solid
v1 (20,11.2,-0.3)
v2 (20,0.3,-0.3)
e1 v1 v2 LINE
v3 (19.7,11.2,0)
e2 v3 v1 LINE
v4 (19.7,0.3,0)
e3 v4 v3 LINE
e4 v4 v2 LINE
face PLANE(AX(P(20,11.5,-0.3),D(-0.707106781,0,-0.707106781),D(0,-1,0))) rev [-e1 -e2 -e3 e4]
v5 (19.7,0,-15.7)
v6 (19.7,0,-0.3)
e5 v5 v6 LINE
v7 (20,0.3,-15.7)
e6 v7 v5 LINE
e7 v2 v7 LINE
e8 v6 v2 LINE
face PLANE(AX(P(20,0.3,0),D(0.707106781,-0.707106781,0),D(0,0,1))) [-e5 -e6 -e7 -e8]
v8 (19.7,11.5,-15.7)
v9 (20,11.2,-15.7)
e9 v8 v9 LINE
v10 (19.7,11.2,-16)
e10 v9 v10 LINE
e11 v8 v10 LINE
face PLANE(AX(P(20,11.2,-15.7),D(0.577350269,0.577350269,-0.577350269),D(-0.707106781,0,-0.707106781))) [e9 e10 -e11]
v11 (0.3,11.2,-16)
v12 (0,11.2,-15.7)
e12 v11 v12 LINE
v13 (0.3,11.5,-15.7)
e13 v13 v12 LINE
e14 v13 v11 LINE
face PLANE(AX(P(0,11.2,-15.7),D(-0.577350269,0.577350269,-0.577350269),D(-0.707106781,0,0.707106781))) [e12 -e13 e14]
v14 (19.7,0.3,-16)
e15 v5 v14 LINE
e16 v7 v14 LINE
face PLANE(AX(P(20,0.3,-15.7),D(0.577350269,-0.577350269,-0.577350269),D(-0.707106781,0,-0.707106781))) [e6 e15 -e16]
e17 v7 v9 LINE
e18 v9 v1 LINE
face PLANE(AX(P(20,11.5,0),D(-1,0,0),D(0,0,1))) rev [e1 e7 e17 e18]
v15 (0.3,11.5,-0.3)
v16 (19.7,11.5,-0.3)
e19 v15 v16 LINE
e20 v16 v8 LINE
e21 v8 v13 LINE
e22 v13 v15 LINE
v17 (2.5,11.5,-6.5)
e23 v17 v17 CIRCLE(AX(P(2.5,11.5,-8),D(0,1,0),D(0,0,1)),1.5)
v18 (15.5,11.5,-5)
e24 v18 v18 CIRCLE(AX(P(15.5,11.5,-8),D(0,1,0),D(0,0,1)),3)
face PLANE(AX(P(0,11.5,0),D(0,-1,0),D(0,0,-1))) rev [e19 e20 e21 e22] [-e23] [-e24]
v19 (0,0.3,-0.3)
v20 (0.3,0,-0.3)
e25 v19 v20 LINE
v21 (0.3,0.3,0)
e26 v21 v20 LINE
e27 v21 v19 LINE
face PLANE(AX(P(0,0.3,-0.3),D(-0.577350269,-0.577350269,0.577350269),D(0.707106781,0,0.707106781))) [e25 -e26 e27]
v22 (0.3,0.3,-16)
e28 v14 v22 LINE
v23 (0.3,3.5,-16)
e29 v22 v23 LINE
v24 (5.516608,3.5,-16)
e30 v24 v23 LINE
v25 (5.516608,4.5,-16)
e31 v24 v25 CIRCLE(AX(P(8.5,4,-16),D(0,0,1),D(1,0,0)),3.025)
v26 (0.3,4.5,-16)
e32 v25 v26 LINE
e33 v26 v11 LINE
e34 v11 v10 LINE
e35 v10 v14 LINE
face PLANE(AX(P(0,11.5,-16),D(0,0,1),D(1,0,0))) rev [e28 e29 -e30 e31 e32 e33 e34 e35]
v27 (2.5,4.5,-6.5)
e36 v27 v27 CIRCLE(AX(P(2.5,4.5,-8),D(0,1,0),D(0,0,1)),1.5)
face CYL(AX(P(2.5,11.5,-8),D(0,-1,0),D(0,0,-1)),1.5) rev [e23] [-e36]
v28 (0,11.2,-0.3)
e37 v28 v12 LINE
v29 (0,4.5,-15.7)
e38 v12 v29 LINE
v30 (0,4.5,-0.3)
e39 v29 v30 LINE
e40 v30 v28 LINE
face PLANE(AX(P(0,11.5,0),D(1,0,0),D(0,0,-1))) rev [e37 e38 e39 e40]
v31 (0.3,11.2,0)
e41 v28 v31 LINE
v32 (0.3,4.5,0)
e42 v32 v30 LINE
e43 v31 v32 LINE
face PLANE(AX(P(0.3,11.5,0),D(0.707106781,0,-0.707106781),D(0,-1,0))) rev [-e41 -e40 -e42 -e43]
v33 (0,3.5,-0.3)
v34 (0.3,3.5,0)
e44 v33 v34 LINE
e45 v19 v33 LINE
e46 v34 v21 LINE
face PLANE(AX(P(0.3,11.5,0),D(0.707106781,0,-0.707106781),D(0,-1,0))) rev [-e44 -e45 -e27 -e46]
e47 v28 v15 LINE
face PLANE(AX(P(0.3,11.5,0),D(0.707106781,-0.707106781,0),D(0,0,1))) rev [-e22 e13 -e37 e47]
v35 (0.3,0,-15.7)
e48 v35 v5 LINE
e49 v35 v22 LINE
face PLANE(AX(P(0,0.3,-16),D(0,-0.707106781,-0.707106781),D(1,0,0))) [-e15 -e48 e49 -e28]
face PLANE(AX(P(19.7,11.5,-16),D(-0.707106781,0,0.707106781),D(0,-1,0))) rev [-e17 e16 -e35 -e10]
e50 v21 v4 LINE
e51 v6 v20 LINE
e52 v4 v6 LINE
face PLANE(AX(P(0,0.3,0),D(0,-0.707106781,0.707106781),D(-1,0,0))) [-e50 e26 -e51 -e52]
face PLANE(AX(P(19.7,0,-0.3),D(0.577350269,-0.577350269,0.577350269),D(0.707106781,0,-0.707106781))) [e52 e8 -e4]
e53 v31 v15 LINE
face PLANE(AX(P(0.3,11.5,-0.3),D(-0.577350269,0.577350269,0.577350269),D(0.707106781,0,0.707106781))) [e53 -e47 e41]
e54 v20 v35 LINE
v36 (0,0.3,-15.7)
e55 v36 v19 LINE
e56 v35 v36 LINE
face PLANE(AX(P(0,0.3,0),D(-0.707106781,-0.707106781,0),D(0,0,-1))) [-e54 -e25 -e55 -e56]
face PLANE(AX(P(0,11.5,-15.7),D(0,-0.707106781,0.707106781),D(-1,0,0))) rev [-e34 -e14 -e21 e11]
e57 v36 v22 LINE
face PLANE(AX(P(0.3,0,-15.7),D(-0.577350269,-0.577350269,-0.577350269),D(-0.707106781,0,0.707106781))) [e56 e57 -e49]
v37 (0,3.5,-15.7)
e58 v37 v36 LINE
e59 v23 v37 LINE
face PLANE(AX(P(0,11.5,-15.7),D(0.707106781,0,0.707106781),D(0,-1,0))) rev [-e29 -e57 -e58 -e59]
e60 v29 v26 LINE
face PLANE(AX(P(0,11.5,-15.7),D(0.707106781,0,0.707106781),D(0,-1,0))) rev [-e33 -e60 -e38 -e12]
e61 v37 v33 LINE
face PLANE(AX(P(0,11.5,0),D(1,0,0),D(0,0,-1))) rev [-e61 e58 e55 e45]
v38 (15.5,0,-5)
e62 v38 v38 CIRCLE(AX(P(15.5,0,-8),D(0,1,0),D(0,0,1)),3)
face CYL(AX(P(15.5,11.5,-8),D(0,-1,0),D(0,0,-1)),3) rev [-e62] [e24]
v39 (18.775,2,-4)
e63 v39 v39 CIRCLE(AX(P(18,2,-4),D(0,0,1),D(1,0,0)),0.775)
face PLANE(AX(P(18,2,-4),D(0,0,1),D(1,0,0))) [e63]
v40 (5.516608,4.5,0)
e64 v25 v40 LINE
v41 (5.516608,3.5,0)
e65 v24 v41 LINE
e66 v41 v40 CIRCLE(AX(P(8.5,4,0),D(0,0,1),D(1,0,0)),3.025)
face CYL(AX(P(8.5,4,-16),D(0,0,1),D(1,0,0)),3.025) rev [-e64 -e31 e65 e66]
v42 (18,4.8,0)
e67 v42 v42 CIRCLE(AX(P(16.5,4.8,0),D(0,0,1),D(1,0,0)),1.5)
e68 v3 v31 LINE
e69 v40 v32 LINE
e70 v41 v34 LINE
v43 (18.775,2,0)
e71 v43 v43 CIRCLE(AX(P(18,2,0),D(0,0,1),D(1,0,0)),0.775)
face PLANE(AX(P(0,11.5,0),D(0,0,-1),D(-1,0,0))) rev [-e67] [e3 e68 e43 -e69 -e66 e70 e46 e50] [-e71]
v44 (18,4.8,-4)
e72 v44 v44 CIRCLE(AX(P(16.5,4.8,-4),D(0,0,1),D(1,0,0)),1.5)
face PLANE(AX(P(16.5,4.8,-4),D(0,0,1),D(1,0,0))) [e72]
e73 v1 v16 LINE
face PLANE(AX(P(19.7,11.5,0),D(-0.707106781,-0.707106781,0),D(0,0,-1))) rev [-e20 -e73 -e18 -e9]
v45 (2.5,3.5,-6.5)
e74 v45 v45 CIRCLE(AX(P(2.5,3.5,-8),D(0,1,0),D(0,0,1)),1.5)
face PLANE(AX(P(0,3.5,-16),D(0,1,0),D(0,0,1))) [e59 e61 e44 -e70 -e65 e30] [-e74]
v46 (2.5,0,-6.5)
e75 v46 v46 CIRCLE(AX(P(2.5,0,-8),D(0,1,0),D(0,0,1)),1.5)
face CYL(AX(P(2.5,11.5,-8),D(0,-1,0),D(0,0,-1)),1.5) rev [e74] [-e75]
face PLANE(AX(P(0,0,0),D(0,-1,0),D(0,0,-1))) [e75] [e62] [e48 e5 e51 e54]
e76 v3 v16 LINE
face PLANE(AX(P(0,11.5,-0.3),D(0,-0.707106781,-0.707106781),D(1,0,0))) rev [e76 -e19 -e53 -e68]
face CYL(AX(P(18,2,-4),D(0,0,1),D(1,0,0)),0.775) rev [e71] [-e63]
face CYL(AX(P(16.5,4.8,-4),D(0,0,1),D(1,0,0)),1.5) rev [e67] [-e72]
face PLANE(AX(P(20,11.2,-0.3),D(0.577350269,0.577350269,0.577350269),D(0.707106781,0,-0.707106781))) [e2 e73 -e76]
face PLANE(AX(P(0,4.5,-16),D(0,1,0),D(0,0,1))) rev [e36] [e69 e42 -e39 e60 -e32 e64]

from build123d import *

# Parameters (mm, degrees)
SKETCH1_W           = 20
SKETCH1_H           = 16
SKETCH1_R           = 3
SKETCH1_R_2         = 1.5
BOSS_EXTRUDE1_DEPTH = 11.5
CUT_EXTRUDE1_DEPTH  = 17
SKETCH3_R           = 1.5
SKETCH3_R_2         = 0.775
CUT_EXTRUDE2_DEPTH  = 4
CHAMFER1_SIZE       = 0.3


with BuildPart() as part:
    # Sketch1 → Boss-Extrude1 (new body)
    with BuildSketch(Plane(origin=(0, 0, 0), x_dir=(1, 0, 0), z_dir=(0, 1, 0))):
        with Locations((10, 8)):
            Rectangle(SKETCH1_W, SKETCH1_H)
        with Locations((15.5, 8)):
            Circle(SKETCH1_R, mode=Mode.SUBTRACT)
        with Locations((2.5, 8)):
            Circle(SKETCH1_R_2, mode=Mode.SUBTRACT)
    extrude(amount=BOSS_EXTRUDE1_DEPTH)

    # Sketch2 → Cut-Extrude1 (cut, through all)
    with BuildSketch(Plane.XY):
        with BuildLine():
            Line((5.516608474, 4.5), (11.483391526, 4.5))
            ThreePointArc((11.483391526, 4.5), (8.5, 7.025), (5.516608474, 4.5))
        make_face()
        with BuildLine():
            Line((5.516608474, 3.5), (11.483391526, 3.5))
            ThreePointArc((11.483391526, 3.5), (11.514579935, 3.749135861), (11.525, 4))
            ThreePointArc((11.525, 4), (11.514579935, 4.250864139), (11.483391526, 4.5))
            Line((11.483391526, 4.5), (5.516608474, 4.5))
            ThreePointArc((5.516608474, 4.5), (5.475, 4), (5.516608474, 3.5))
        make_face()
        with BuildLine():
            ThreePointArc((5.516608474, 3.5), (8.5, 0.975), (11.483391526, 3.5))
            Line((11.483391526, 3.5), (5.516608474, 3.5))
        make_face()
        with BuildLine():
            Line((0, 3.5), (5.516608474, 3.5))
            ThreePointArc((5.516608474, 3.5), (5.475, 4), (5.516608474, 4.5))
            Line((5.516608474, 4.5), (0, 4.5))
            Line((0, 4.5), (0, 3.5))
        make_face()
    extrude(amount=-CUT_EXTRUDE1_DEPTH, mode=Mode.SUBTRACT)

    # Sketch3 → Cut-Extrude2 (cut)
    with BuildSketch(Plane.XY):
        with Locations((16.5, 4.8)):
            Circle(SKETCH3_R)
        with Locations((18, 2)):
            Circle(SKETCH3_R_2)
    extrude(amount=-CUT_EXTRUDE2_DEPTH, mode=Mode.SUBTRACT)

    # Chamfer1
    chamfer1_edges = [part.edges().sort_by_distance(p)[0] for p in [
        (20, 11.5, -8),
        (10, 11.5, -16),
        (0, 1.75, -16),
        (0, 1.75, 0),
        (0, 11.5, -8),
        (10, 0, -16),
        (20, 0, -8),
        (10, 0, 0),
        (0, 0, -8),
        (10, 11.5, 0),
        (0, 8, -16),
        (20, 5.75, -16),
        (20, 5.75, 0),
        (0, 8, 0),
    ]]
    chamfer(chamfer1_edges, length=CHAMFER1_SIZE)


solid = part.part
